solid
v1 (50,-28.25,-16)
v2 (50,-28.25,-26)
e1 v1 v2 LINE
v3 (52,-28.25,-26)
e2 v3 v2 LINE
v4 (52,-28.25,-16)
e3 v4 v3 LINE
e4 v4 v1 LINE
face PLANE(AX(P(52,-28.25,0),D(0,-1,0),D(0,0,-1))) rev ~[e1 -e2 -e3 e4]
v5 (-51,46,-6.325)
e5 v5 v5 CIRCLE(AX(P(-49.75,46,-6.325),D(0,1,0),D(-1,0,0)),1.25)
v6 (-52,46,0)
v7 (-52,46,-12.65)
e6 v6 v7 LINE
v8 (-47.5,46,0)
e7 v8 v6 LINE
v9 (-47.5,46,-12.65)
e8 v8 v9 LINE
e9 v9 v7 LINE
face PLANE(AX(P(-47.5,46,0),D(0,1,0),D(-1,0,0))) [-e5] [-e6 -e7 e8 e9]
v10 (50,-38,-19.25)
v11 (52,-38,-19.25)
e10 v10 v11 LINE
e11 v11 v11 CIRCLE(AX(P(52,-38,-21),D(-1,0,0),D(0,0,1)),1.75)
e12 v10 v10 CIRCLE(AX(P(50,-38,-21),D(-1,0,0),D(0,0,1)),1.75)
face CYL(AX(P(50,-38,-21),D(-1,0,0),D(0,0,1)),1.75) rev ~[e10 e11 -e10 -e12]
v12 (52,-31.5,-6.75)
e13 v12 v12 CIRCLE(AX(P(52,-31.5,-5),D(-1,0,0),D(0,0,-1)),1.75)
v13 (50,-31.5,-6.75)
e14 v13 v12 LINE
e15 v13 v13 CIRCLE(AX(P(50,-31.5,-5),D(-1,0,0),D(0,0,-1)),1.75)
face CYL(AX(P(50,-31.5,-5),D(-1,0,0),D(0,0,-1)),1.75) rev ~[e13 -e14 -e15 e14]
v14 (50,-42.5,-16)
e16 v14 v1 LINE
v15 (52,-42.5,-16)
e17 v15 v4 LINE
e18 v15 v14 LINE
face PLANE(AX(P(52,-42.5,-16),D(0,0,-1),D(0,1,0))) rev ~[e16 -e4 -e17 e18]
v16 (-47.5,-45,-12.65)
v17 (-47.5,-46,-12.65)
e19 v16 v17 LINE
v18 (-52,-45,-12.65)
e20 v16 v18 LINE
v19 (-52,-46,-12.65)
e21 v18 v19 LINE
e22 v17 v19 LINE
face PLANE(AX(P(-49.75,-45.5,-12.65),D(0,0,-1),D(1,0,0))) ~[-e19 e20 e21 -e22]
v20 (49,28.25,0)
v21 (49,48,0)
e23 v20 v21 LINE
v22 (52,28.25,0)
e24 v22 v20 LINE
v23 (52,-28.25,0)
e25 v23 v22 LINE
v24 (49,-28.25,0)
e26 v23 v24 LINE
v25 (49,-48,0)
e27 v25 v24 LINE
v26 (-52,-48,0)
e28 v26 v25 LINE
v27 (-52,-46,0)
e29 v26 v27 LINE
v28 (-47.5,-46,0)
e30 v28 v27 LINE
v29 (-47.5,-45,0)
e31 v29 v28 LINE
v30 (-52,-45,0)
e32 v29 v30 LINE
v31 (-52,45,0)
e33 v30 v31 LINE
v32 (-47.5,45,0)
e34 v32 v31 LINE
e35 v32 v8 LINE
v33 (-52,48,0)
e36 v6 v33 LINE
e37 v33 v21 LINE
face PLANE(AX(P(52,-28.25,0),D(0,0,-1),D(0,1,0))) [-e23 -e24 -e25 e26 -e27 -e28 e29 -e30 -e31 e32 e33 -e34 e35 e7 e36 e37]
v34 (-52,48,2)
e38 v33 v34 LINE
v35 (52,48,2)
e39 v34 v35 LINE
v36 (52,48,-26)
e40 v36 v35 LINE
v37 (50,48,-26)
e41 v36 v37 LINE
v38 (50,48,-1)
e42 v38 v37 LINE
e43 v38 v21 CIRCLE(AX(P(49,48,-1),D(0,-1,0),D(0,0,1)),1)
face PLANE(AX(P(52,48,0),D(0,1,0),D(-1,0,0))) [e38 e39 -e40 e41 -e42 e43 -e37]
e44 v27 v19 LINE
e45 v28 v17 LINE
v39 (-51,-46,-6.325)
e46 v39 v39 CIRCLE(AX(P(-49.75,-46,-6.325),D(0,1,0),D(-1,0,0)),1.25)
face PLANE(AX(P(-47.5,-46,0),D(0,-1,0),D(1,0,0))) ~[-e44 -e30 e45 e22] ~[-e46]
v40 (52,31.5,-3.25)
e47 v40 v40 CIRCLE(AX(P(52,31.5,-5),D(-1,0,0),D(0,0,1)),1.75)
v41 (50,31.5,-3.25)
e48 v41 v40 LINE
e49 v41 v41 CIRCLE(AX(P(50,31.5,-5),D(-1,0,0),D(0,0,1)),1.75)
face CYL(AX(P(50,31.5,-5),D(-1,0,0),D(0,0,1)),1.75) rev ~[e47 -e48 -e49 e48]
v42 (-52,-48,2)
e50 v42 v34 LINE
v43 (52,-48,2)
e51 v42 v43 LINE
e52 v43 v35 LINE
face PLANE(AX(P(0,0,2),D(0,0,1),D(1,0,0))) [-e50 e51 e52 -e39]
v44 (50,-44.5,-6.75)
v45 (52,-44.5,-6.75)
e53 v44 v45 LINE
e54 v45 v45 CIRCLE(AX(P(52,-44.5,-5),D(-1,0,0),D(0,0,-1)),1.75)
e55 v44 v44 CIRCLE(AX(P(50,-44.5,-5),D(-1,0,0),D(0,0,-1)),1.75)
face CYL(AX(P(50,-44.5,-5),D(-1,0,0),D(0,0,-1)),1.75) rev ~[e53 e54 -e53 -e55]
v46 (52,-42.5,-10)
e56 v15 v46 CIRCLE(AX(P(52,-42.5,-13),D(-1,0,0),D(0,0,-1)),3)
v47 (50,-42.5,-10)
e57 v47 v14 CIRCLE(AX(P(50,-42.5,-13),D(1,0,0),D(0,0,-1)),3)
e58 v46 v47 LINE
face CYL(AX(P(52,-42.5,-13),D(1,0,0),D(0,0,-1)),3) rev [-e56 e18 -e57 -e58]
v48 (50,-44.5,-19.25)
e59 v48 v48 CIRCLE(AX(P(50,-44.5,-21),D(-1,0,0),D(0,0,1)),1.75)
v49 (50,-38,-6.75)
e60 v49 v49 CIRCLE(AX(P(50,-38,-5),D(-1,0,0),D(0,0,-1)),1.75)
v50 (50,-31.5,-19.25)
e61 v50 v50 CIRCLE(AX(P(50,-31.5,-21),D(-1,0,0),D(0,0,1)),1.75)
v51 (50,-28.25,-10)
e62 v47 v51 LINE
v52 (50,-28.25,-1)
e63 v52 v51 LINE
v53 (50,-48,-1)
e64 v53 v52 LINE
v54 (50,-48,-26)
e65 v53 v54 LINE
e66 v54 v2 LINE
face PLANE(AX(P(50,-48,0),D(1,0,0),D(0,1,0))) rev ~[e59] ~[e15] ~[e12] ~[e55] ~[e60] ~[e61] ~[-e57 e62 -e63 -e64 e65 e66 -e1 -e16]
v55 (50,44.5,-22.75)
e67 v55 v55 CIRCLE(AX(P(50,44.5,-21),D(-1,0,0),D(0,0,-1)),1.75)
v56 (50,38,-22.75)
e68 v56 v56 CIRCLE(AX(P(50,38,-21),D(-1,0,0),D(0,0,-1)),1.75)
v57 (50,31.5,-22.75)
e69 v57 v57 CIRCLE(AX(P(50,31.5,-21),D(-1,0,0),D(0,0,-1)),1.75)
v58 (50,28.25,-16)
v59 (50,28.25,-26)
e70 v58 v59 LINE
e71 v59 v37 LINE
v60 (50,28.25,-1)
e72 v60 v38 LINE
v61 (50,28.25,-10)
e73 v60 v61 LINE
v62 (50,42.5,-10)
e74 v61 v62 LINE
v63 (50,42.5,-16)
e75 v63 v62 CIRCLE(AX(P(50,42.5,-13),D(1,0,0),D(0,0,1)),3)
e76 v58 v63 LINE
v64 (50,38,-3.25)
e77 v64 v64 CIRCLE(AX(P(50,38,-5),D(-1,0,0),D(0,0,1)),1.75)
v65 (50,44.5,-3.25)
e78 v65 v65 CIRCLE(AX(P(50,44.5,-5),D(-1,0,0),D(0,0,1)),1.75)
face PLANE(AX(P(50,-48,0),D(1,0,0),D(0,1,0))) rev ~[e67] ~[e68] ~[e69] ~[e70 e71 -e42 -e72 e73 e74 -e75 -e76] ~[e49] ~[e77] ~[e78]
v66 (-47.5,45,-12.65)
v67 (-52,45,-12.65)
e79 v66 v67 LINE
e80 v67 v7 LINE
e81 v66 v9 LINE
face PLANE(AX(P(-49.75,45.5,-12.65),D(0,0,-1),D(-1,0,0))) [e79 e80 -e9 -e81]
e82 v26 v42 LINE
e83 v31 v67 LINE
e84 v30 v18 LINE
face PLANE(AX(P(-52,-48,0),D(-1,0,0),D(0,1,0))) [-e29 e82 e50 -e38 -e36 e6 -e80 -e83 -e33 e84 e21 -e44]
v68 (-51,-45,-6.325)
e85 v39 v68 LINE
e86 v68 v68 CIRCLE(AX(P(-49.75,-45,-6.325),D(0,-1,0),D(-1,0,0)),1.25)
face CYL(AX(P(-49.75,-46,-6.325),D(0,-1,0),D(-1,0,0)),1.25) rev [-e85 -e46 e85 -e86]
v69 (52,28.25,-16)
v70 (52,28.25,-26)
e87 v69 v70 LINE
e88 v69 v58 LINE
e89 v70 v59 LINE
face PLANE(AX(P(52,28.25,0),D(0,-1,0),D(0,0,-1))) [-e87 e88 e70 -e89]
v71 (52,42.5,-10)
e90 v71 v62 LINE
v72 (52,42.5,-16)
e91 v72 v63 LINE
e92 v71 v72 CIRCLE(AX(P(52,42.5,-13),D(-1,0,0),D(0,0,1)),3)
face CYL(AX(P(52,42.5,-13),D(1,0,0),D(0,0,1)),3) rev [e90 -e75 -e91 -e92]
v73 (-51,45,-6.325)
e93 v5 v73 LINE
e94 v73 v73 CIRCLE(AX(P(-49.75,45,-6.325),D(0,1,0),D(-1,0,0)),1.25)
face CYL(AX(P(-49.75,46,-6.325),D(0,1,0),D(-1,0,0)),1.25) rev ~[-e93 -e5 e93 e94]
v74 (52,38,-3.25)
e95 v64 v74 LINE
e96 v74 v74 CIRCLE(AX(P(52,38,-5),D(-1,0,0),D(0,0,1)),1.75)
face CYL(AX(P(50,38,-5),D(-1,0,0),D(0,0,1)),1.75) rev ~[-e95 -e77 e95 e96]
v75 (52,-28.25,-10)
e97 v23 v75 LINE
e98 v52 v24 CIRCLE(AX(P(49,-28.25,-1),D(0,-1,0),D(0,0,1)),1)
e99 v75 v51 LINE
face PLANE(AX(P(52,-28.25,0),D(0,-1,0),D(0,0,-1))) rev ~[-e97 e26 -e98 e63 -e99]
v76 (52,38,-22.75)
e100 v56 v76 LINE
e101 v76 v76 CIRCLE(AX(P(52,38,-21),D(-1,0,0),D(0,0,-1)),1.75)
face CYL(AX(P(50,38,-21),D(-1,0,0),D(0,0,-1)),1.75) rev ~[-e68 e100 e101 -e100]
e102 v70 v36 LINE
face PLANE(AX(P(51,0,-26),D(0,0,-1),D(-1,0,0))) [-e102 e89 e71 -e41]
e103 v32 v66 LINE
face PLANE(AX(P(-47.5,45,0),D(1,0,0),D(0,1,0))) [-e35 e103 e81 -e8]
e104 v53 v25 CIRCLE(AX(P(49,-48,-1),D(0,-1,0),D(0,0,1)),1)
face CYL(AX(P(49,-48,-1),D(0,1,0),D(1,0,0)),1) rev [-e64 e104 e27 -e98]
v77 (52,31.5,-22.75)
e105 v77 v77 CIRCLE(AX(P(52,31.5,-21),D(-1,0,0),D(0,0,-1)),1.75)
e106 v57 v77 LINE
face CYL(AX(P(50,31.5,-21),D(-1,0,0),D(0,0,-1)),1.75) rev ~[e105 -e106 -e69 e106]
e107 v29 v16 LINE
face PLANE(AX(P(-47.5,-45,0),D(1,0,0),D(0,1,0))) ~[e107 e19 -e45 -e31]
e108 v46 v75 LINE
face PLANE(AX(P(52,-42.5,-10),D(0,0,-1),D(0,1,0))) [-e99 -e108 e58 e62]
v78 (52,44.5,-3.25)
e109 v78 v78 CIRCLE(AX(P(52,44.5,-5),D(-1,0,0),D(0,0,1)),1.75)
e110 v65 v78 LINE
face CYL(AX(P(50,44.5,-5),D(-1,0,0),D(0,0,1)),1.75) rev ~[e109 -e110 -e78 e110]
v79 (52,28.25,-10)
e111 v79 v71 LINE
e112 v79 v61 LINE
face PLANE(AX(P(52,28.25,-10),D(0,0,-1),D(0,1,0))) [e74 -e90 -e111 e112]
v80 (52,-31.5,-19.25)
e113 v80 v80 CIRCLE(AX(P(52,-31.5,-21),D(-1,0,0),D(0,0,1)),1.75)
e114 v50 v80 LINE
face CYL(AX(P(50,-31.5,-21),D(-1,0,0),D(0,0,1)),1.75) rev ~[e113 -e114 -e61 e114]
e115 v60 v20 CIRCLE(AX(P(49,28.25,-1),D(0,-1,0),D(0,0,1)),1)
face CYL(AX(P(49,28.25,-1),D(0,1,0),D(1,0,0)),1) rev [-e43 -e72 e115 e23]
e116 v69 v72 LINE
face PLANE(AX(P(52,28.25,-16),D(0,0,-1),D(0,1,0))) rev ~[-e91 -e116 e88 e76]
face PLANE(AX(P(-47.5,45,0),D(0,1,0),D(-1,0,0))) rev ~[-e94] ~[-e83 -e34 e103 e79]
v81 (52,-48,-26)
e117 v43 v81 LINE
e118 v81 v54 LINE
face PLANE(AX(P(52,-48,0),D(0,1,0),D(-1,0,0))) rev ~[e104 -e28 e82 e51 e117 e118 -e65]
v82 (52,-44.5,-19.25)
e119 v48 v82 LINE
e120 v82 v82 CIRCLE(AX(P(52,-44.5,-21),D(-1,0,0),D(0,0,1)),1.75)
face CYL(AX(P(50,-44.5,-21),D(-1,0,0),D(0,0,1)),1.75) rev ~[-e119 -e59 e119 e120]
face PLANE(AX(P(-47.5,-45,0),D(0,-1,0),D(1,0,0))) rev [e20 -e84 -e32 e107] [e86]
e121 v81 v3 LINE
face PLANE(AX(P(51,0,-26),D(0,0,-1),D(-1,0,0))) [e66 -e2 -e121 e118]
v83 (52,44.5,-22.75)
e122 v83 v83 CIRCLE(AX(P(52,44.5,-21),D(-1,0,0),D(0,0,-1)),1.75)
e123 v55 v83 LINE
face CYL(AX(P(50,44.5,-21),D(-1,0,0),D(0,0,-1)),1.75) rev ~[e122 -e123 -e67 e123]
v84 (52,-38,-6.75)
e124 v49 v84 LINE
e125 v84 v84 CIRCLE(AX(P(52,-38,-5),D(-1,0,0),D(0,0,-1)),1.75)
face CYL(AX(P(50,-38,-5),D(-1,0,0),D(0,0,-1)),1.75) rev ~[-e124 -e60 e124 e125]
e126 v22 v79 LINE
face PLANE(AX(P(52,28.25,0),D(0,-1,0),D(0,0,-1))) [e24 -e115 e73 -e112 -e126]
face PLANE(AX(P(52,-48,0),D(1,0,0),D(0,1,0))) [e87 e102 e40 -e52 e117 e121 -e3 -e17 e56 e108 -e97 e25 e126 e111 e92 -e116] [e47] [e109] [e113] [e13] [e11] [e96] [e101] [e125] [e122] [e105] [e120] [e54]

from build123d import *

# Parameters (mm, degrees)
SKETCH_1_W          = 104
SKETCH_1_H          = 96
EXTRUDE_1_DEPTH     = 2
SKETCH_2_W          = 2
SKETCH_2_H          = 96
EXTRUDE_2_DEPTH     = 26
SKETCH_3_R          = 1.75
CUT_EXTRUDE_1_DEPTH = 116.689238912
SKETCH_4_W          = 26
SKETCH_4_H          = 56.5
CUT_EXTRUDE_2_DEPTH = 118.45637488
FILLET_2_R          = 1
SKETCH_5_W          = 6
SKETCH_5_H          = 14.25
CUT_EXTRUDE_3_DEPTH = 118.45637488
SKETCH_6_W          = 4.5
SKETCH_6_H          = 1
EXTRUDE_3_DEPTH     = 12.65
SKETCH_7_R          = 1.25
CUT_EXTRUDE_4_DEPTH = 111.526015037


with BuildPart() as part:
    # 草图1 → 凸台-拉伸1 (new body)
    with BuildSketch(Plane.XY):
        Rectangle(SKETCH_1_W, SKETCH_1_H)
    extrude(amount=EXTRUDE_1_DEPTH)

    # 草图2 → 凸台-拉伸2 (add)
    with BuildSketch(Plane(origin=(0, 0, 0), x_dir=(-1, 0, 0), z_dir=(0, 0, -1))):
        with Locations((-51, 0)):
            Rectangle(SKETCH_2_W, SKETCH_2_H)
    extrude(amount=EXTRUDE_2_DEPTH)

    # 草图3 → 切除-拉伸1 (cut, through all)
    with BuildSketch(Plane.ZY.offset(-50)):
        with Locations((-5, 44.5)):
            Circle(SKETCH_3_R)
        with Locations((-5, 38)):
            Circle(SKETCH_3_R)
        with Locations((-5, 31.5)):
            Circle(SKETCH_3_R)
        with Locations(Location((-21, 31.5, 0), (0, 0, 180))):
            Circle(SKETCH_3_R)
        with Locations(Location((-21, 38, 0), (0, 0, 180))):
            Circle(SKETCH_3_R)
        with Locations(Location((-21, 44.5, 0), (0, 0, 180))):
            Circle(SKETCH_3_R)
        with Locations((-21, -44.5)):
            Circle(SKETCH_3_R)
        with Locations((-21, -38)):
            Circle(SKETCH_3_R)
        with Locations((-21, -31.5)):
            Circle(SKETCH_3_R)
        with Locations(Location((-5, -31.5, 0), (0, 0, 180))):
            Circle(SKETCH_3_R)
        with Locations(Location((-5, -38, 0), (0, 0, 180))):
            Circle(SKETCH_3_R)
        with Locations(Location((-5, -44.5, 0), (0, 0, 180))):
            Circle(SKETCH_3_R)
    extrude(amount=-CUT_EXTRUDE_1_DEPTH, mode=Mode.SUBTRACT)

    # 草图4 → 切除-拉伸2 (cut, through all)
    with BuildSketch(Plane(origin=(52, 0, 0), x_dir=(0, 0, -1), z_dir=(1, 0, 0))):
        with Locations((13, 0)):
            Rectangle(SKETCH_4_W, SKETCH_4_H)
    extrude(amount=-CUT_EXTRUDE_2_DEPTH, mode=Mode.SUBTRACT)

    # 圆角2
    fillet_2_edges = [part.edges().sort_by_distance(p)[0] for p in [
        (50, -38.125, 0),
        (50, 38.125, 0),
    ]]
    fillet(fillet_2_edges, radius=FILLET_2_R)

    # 草图5 → 切除-拉伸3 (cut, through all)
    with BuildSketch(Plane(origin=(52, 0, 0), x_dir=(0, 0, -1), z_dir=(1, 0, 0))):
        with Locations((13, 35.375)):
            Rectangle(SKETCH_5_W, SKETCH_5_H)
        with BuildLine():
            ThreePointArc((10, 42.5), (13, 45.5), (16, 42.5))
            Line((16, 42.5), (10, 42.5))
        make_face()
        with Locations((13, -35.375)):
            Rectangle(SKETCH_5_W, SKETCH_5_H)
        with BuildLine():
            Line((10, -42.5), (16, -42.5))
            ThreePointArc((16, -42.5), (13, -45.5), (10, -42.5))
        make_face()
    extrude(amount=-CUT_EXTRUDE_3_DEPTH, mode=Mode.SUBTRACT)

    # 草图6 → 凸台-拉伸3 (add)
    with BuildSketch(Plane(origin=(0, 0, 0), x_dir=(-1, 0, 0), z_dir=(0, 0, -1))):
        with Locations((49.75, 45.5)):
            Rectangle(SKETCH_6_W, SKETCH_6_H)
    extrude_3 = extrude(amount=EXTRUDE_3_DEPTH)

    # 草图7 → 切除-拉伸4 (cut, through all)
    with BuildSketch(Plane(origin=(0, 46, 0), x_dir=(1, 0, 0), z_dir=(0, 1, 0))):
        with Locations(Location((-49.75, 6.325, 0), (0, 0, 180))):
            Circle(SKETCH_7_R)
    cut_extrude_4 = extrude(amount=-CUT_EXTRUDE_4_DEPTH, mode=Mode.SUBTRACT)

    # 镜向1: 凸台-拉伸3, 切除-拉伸4 across plane
    add(extrude_3.mirror(Plane.ZX))
    add(cut_extrude_4.mirror(Plane.ZX), mode=Mode.SUBTRACT)


solid = part.part
